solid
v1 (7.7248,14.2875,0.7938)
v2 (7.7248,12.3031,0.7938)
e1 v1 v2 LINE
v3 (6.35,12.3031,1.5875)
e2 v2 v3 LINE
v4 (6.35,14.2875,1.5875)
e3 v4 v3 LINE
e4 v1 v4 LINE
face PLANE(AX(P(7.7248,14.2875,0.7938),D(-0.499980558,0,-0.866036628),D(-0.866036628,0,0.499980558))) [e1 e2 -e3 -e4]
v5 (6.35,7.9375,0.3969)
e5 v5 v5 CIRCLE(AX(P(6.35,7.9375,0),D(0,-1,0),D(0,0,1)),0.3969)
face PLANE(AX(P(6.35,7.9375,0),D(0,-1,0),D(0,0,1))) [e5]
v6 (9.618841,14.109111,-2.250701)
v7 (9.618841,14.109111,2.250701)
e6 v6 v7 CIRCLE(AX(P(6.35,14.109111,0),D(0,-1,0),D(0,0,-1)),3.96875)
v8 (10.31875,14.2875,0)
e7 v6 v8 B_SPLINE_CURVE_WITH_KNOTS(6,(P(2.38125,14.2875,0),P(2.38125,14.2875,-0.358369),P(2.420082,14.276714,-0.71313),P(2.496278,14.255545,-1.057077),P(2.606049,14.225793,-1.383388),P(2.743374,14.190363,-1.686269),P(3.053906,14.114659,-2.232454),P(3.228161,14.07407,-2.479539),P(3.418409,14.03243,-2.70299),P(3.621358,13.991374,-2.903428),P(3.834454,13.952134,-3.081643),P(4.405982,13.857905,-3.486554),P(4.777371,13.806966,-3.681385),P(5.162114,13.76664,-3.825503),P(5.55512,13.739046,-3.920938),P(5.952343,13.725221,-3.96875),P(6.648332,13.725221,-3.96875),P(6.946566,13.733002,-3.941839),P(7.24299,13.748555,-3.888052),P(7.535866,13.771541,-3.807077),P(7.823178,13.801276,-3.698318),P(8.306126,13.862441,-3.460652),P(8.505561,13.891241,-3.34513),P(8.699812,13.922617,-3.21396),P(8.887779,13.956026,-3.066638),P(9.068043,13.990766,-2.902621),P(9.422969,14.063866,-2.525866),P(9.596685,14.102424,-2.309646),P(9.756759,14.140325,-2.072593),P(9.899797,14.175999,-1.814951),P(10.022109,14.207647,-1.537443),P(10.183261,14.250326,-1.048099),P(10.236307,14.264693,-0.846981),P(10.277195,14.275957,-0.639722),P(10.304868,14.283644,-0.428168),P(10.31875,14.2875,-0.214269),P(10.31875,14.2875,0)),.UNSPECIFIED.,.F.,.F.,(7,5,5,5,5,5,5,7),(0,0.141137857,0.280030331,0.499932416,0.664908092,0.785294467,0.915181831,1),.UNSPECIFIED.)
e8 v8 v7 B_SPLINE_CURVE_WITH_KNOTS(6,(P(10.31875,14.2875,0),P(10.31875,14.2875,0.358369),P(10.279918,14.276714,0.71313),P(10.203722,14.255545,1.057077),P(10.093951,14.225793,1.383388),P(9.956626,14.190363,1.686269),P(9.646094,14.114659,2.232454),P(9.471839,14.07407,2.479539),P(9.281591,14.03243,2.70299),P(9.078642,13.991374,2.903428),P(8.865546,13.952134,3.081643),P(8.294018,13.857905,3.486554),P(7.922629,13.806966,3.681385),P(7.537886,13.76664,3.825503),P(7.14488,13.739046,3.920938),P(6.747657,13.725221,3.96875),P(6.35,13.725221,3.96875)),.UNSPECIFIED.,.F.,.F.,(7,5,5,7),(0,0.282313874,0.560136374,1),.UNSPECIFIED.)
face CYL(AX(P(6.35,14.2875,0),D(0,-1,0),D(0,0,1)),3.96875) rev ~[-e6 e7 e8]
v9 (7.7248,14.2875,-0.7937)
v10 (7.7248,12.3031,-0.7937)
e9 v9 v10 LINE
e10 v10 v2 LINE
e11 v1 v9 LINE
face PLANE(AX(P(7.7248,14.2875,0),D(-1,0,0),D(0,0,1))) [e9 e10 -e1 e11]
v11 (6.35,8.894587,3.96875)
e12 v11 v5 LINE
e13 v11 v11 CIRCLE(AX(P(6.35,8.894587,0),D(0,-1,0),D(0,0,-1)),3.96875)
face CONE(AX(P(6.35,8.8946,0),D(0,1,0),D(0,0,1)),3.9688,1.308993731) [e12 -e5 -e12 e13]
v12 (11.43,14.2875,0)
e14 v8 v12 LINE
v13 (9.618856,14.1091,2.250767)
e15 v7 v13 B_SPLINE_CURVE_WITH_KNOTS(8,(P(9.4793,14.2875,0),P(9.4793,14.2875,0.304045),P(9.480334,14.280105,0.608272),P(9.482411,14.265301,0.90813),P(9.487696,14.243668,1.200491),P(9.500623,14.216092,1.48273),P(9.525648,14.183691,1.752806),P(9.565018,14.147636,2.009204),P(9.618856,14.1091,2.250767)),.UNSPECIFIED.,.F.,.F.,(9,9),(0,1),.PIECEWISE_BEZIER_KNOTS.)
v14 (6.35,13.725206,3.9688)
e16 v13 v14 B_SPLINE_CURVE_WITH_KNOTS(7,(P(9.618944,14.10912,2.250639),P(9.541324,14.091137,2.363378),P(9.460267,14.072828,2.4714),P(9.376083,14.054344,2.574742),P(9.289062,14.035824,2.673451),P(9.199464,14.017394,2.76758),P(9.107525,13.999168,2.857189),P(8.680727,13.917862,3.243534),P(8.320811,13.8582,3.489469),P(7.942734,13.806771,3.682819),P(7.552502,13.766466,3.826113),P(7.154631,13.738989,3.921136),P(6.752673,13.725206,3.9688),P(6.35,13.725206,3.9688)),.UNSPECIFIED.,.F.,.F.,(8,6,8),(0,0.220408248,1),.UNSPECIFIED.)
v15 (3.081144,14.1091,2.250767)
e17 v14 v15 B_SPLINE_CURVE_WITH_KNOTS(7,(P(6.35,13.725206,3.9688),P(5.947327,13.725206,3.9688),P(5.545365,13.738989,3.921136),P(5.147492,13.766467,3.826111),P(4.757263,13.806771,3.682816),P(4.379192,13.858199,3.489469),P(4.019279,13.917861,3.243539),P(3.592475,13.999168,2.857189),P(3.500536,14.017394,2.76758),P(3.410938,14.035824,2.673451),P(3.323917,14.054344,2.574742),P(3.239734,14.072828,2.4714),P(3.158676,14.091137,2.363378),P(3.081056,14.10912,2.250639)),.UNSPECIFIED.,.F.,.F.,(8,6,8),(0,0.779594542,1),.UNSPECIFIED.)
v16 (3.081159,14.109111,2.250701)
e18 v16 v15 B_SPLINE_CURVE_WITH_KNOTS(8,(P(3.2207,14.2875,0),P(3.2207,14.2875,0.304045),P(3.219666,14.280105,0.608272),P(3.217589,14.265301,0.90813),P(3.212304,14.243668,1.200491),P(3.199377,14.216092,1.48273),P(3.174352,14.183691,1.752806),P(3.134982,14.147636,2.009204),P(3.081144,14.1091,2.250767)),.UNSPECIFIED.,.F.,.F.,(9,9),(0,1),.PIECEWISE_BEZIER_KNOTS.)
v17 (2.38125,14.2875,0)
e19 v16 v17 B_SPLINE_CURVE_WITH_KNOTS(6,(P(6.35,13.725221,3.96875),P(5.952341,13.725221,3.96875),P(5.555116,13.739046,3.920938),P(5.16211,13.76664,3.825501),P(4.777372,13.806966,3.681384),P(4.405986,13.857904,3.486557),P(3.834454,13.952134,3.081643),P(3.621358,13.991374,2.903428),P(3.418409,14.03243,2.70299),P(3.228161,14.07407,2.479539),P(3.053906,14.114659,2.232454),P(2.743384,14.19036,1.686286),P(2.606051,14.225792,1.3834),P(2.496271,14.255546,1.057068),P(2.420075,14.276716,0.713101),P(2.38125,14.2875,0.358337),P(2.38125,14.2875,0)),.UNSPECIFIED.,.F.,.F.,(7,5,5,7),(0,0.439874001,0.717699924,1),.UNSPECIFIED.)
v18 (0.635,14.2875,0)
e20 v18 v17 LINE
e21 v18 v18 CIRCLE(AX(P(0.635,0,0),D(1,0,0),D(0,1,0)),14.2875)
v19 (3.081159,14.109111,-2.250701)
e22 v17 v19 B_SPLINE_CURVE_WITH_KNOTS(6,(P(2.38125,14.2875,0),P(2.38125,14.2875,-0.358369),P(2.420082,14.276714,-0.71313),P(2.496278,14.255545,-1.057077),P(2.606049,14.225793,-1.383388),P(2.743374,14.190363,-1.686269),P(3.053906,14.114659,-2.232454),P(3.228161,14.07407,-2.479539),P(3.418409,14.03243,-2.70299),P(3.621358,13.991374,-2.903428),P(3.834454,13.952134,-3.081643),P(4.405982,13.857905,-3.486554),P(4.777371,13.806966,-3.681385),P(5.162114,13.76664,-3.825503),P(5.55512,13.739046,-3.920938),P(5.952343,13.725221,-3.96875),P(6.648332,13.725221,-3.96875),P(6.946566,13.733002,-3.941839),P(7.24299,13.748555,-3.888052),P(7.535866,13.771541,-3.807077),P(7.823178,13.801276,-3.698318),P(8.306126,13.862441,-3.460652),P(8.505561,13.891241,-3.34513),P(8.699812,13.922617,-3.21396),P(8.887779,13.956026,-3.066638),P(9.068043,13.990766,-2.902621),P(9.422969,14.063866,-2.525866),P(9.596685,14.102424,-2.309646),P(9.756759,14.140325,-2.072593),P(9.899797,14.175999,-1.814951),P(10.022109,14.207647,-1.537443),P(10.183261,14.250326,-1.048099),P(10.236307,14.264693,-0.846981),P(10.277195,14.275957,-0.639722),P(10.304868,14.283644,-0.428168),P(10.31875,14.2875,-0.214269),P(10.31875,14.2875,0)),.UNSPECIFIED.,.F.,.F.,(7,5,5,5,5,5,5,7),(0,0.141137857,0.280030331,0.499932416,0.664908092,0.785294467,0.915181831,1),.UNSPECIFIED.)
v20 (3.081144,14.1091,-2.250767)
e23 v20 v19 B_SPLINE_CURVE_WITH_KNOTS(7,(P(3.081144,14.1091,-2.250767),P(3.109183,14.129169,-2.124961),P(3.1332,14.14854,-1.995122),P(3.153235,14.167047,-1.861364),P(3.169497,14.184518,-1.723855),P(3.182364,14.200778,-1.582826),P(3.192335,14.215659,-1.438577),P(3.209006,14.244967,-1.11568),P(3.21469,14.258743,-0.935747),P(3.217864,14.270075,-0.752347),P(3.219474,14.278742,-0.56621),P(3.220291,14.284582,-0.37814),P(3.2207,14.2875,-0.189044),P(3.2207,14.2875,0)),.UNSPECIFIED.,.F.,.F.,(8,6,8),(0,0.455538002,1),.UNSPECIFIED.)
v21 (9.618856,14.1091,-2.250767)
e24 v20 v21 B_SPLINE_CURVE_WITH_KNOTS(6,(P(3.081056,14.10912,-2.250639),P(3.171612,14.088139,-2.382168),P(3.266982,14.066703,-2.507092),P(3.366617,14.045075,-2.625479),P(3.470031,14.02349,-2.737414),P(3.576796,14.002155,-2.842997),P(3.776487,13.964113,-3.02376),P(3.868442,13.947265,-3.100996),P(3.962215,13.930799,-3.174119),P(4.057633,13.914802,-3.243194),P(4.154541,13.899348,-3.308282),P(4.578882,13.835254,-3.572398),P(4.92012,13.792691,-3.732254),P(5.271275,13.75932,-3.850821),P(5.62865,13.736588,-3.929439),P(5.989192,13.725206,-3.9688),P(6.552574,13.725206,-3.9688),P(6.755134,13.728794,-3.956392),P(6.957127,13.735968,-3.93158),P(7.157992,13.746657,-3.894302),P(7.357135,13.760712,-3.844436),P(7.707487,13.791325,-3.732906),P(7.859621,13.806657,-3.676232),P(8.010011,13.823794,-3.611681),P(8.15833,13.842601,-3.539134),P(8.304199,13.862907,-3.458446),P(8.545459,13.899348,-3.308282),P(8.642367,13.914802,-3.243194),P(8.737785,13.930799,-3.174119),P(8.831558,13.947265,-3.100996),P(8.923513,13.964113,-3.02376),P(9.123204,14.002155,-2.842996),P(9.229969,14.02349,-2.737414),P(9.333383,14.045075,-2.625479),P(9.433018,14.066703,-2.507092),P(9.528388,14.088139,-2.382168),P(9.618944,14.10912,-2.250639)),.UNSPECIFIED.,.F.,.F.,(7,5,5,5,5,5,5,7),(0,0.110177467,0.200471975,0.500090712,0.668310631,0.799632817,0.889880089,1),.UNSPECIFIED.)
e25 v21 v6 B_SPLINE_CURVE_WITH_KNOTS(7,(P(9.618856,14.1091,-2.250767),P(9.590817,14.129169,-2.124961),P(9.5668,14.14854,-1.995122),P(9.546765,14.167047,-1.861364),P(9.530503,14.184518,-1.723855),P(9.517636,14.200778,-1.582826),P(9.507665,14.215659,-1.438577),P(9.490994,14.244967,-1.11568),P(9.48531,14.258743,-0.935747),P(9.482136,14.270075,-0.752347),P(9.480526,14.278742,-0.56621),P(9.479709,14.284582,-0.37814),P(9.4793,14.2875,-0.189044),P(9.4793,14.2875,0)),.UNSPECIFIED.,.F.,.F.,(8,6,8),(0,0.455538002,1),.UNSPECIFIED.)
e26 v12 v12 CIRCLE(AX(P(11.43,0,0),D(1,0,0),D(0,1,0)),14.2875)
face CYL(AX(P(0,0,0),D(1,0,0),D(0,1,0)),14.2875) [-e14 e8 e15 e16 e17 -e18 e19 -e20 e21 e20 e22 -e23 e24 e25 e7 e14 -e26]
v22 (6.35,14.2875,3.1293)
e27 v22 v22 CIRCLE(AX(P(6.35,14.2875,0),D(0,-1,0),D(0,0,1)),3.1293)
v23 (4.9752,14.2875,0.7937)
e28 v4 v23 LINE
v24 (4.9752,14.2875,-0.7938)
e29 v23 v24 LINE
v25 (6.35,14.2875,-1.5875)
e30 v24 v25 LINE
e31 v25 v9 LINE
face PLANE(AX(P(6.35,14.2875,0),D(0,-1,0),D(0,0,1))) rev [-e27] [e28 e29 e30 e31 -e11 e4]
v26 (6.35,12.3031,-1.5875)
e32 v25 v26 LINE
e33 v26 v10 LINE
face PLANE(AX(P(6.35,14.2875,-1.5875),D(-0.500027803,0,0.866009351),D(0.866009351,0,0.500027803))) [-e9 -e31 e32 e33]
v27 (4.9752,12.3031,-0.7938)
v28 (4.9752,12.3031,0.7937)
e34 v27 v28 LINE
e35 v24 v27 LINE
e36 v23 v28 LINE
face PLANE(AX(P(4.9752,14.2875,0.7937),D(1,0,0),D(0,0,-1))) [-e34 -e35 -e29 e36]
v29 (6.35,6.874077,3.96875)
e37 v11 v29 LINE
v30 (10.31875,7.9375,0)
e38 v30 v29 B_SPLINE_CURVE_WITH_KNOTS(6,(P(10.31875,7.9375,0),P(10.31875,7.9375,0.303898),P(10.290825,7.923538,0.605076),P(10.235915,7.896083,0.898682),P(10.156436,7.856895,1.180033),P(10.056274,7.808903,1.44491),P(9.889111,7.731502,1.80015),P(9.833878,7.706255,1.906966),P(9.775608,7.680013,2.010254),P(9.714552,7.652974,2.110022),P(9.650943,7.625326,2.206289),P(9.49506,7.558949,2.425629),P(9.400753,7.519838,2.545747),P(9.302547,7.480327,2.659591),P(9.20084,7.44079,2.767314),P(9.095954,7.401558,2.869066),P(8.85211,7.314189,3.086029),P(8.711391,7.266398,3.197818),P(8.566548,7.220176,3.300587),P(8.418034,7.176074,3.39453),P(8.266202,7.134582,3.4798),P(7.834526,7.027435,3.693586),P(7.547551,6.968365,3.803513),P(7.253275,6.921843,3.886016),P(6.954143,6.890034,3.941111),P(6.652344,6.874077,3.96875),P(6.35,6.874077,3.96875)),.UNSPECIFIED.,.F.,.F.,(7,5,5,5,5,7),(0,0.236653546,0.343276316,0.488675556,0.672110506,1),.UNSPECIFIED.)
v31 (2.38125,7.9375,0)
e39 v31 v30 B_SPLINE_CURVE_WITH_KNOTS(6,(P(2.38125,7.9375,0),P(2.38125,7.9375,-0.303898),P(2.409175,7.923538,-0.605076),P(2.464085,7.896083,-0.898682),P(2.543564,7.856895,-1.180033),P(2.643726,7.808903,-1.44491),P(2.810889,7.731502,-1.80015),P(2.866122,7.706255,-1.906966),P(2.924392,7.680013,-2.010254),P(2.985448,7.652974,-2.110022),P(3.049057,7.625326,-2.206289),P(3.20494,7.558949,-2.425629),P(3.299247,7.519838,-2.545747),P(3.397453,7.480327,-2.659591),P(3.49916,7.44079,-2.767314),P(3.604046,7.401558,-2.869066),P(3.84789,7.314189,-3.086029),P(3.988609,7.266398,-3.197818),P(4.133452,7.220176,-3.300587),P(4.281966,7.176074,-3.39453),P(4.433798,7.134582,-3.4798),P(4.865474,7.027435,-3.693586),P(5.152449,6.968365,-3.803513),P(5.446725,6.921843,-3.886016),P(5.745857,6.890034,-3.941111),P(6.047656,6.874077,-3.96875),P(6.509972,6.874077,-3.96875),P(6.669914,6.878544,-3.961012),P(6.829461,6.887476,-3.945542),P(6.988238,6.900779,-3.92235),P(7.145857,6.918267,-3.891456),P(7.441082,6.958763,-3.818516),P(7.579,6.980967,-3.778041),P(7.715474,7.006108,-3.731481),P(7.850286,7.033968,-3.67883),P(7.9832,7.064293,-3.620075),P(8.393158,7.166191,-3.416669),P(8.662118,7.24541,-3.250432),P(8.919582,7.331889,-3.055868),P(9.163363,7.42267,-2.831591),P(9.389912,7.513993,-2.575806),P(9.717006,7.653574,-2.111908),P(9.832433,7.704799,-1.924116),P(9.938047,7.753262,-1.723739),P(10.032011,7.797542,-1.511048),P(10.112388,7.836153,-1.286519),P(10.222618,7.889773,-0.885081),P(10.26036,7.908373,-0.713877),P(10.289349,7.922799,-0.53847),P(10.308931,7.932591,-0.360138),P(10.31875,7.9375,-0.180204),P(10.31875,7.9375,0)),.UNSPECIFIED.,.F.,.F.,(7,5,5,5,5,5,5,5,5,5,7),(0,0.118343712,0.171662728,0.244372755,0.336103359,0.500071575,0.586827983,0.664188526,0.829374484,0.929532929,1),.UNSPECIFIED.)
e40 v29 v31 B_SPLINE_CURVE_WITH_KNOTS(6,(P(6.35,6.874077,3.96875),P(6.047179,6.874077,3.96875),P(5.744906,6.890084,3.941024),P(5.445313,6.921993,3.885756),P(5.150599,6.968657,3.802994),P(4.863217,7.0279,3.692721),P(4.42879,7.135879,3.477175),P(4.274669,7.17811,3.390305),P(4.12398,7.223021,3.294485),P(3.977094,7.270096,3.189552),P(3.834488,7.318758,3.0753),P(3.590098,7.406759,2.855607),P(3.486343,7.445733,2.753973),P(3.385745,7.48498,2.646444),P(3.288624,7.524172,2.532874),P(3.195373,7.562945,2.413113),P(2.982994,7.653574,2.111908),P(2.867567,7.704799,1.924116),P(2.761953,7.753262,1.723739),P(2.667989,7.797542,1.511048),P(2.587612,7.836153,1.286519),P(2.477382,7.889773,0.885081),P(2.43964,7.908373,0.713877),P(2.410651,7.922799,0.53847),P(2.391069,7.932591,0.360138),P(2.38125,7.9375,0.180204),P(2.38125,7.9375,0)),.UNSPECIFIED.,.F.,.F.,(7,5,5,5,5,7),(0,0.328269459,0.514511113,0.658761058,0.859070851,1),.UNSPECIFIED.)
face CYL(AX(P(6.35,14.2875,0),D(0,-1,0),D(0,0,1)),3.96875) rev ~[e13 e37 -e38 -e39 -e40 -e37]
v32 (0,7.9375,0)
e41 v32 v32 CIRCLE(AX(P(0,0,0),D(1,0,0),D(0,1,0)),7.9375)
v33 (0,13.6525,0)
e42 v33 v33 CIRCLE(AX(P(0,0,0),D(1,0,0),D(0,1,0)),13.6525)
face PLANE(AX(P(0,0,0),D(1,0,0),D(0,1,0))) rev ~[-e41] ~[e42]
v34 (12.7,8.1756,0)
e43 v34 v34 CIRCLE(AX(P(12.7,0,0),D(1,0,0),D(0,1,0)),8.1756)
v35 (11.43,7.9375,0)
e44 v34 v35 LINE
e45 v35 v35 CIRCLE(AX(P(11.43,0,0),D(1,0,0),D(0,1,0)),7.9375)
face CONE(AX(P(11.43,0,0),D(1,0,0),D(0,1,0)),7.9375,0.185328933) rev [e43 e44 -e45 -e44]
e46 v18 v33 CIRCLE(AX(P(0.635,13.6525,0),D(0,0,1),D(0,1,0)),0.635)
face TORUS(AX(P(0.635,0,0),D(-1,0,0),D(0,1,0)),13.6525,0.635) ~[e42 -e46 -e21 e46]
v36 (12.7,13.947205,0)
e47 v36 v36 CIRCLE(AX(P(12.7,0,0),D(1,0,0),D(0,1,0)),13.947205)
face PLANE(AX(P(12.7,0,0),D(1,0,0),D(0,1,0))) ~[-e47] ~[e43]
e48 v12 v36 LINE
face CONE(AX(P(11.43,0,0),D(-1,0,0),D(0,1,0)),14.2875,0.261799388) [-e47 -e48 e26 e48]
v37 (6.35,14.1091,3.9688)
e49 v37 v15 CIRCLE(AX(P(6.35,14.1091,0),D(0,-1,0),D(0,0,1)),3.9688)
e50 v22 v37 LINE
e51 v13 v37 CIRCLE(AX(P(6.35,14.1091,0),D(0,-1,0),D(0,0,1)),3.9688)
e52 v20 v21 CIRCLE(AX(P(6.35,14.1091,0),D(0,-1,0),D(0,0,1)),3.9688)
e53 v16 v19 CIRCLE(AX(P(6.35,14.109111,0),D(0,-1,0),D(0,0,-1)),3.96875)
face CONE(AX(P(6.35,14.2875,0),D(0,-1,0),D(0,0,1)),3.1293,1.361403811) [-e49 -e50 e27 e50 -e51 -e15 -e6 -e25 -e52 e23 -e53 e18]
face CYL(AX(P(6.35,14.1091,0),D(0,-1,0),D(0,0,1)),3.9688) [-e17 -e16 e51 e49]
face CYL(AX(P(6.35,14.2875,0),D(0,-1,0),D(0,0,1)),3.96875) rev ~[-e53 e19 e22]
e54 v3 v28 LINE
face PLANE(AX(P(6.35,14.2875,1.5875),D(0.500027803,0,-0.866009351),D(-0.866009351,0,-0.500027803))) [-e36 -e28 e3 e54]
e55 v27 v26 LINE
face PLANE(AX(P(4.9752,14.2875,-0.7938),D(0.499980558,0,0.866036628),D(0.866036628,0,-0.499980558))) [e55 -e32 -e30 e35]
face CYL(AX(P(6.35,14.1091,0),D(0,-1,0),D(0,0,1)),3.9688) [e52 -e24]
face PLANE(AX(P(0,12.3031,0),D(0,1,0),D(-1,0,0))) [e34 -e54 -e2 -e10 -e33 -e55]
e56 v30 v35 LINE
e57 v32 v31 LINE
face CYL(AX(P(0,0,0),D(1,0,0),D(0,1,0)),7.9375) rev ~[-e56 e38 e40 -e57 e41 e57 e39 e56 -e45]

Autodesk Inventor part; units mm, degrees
ref_plane "YZ Plane" through (0, 0, 0) normal (1, 0, 0) x (0, 1, 0)
sketch "Boceto1" plane through (0, 0, 0) normal (0, 0, 1) x (1, 0, 0)
  line L0 (0, 14.2875) -> (12.7, 14.2875)
  line L1 (-1.9497, 0) -> (21.5466, 0)
  line L2 (0, 14.2875) -> (0, 7.9375)
  line L3 (0, 7.9375) -> (12.7, 7.9375)
  line L4 (12.7, 7.9375) -> (12.7, 14.2875)
  line L5 (-6.6489, 0) -> (26.2458, 0) projected
  line L6 (0, 54) -> (0, -9) projected
  dimension "d0" = 28.575
  dimension "d1" = 15.875
  dimension "d2" = 12.7
revolve "Cuerpo" add sketch "Boceto1" angle 360 about axis through (-1.9497, 0, 0) along (1, 0, 0)
ref_plane "IDS_WORKPLANE{1}" through (0, 14.2875, 0) normal (0, 1, 0) x (-1, 0, 0)
sketch "Boceto2" plane through (0, 14.2875, 0) normal (0, 1, 0) x (-1, 0, 0)
  line L0 (0, 14.2875) -> (0, -14.2875) projected
  line L1 (-12.156, 0) -> (2.026, 0) projected
  point P0 (-6.35, 0)
  dimension "d7" = 6.35
hole "Agujero1" at (6.35, 14.2875, 0) direction (0, -1, 0) diameter 7.9375 depth 14.2875 tip angle 118
ref_plane "IDS_WORKPLANE{2}" through (6.35, 0, 0) normal (-1, 0, 0) x (0, 0, 1)
sketch "Boceto3" plane through (6.35, 0, 0) normal (-1, 0, 0) x (0, 0, 1)
  line L0 (0, 14.2875) -> (3.1293, 14.2875)
  line L1 (3.1293, 14.2875) -> (3.9688, 14.1091)
  line L2 (3.9688, 14.1091) -> (3.9688, 8.8946)
  line L3 (0, 56.8575) -> (0, -26.145) projected
  circle A0 centre (0, 0) radius 14.2875 projected
  line L4 (0, 14.2875) -> (0, 7.9375)
  line L5 (3.9688, 8.8946) -> (0.3969, 7.9375)
  line L6 (0.3969, 7.9375) -> (0, 7.9375)
  dimension "d18" = 6.2586
  dimension "d19" = 7.9375
  dimension "d20" = 0.7937
  dimension "d21" = 6.35
  dimension "d30" = 15
  dimension "d31" = 12
revolve "Tornillo de cabeza perdida1" add sketch "Boceto3" angle 360 about axis through (6.35, 14.2875, 0) along (0, -1, 0) picked at (1.9014, 10.3523) contours A0 L2 L5 L6 L3 | L0 L1 L2 A0
sketch "Boceto4" plane through (0, 14.2875, 0) normal (0, 1, 0) x (-1, 0, 0)
  line L0 (-6.35, 1.5875) -> (-4.9752, 0.7937)
  line L1 (-4.9752, 0.7937) -> (-4.9752, -0.7938)
  line L2 (-4.9752, -0.7938) -> (-6.35, -1.5875)
  line L3 (-6.35, -1.5875) -> (-7.7248, -0.7937)
  line L4 (-7.7248, -0.7937) -> (-7.7248, 0.7938)
  line L5 (-7.7248, 0.7938) -> (-6.35, 1.5875)
  line L6 (-14.2345, 0) -> (2.3724, 0) projected
  line L7 (0, 7.9375) -> (0, -7.9375) projected
  point P0 (-6.35, 0)
  dimension "d22" = 3.175
  dimension "d23" = 6.35
extrude "Ranura1" cut sketch "Boceto4" against normal blind 1.9844
chamfer "Chaflán1" distance 1.27 angle 15 1 edges at (12.7, -14.2875, 0) measured on face at (4.2333, 9.0361, 11.0672)
chamfer "Chaflán2" distance 0.2381 distance2 1.27 1 edges at (12.7, -7.9375, 0) measured on face at (12.7, 11.8089, -1.1126)
fillet "Empalme1" radius 0.635 1 edges at (0, -14.2875, 0)
equation "\"d7\" = 0.5 * SD"
equation "\"d18\" = GD1"
equation "\"d19\" = NND"
equation "\"d20\" = 0.1 * NND"
equation "\"d21\" = -0.5 * WND + 0.5 * SD2"
equation "\"d30\" = FAWI"
equation "\"d31\" = 0.8 * FAWI"
equation "\"d22\" = 0.4 * NND"
equation "\"d23\" = 0.5 * SD"
equation "\"d24\" = 0.25 * NND"
equation "\"d8\" = NND"
equation "\"d13\" = 0.5 * SD2"
equation "\"d4\" = PHH"
equation "\"d5\" = FAWI"
equation "\"d59\" = PHH"
equation "\"d26\" = -0.5 * WND + 0.5 * NND1"
equation "\"d27\" = PHH"
equation "\"d29\" = RR"
equation "\"d0\" = SD2"
equation "\"d1\" = WND"
equation "\"d2\" = SD"
equation "\"WND\" = 15.875"
equation "\"SD2\" = 28.575"
equation "\"SD\" = 12.7"
equation "\"NND\" = 7.9375"
equation "\"FAWI\" = 15deg"
equation "\"PHH\" = 1.27"
equation "\"d6\" = 0.5 * SD2"
equation "\"GD1\" = 6.25856"
equation "\"d17\" = -0.5 * SD"
equation "\"RR\" = 0.635"
equation "\"NND1\" = 16.35125"
properties part number "Unbrako. Hallowell Steel Collars. Inch Series - 0.625 x 1 1/8 x 1/2" material "Acero, suave"
